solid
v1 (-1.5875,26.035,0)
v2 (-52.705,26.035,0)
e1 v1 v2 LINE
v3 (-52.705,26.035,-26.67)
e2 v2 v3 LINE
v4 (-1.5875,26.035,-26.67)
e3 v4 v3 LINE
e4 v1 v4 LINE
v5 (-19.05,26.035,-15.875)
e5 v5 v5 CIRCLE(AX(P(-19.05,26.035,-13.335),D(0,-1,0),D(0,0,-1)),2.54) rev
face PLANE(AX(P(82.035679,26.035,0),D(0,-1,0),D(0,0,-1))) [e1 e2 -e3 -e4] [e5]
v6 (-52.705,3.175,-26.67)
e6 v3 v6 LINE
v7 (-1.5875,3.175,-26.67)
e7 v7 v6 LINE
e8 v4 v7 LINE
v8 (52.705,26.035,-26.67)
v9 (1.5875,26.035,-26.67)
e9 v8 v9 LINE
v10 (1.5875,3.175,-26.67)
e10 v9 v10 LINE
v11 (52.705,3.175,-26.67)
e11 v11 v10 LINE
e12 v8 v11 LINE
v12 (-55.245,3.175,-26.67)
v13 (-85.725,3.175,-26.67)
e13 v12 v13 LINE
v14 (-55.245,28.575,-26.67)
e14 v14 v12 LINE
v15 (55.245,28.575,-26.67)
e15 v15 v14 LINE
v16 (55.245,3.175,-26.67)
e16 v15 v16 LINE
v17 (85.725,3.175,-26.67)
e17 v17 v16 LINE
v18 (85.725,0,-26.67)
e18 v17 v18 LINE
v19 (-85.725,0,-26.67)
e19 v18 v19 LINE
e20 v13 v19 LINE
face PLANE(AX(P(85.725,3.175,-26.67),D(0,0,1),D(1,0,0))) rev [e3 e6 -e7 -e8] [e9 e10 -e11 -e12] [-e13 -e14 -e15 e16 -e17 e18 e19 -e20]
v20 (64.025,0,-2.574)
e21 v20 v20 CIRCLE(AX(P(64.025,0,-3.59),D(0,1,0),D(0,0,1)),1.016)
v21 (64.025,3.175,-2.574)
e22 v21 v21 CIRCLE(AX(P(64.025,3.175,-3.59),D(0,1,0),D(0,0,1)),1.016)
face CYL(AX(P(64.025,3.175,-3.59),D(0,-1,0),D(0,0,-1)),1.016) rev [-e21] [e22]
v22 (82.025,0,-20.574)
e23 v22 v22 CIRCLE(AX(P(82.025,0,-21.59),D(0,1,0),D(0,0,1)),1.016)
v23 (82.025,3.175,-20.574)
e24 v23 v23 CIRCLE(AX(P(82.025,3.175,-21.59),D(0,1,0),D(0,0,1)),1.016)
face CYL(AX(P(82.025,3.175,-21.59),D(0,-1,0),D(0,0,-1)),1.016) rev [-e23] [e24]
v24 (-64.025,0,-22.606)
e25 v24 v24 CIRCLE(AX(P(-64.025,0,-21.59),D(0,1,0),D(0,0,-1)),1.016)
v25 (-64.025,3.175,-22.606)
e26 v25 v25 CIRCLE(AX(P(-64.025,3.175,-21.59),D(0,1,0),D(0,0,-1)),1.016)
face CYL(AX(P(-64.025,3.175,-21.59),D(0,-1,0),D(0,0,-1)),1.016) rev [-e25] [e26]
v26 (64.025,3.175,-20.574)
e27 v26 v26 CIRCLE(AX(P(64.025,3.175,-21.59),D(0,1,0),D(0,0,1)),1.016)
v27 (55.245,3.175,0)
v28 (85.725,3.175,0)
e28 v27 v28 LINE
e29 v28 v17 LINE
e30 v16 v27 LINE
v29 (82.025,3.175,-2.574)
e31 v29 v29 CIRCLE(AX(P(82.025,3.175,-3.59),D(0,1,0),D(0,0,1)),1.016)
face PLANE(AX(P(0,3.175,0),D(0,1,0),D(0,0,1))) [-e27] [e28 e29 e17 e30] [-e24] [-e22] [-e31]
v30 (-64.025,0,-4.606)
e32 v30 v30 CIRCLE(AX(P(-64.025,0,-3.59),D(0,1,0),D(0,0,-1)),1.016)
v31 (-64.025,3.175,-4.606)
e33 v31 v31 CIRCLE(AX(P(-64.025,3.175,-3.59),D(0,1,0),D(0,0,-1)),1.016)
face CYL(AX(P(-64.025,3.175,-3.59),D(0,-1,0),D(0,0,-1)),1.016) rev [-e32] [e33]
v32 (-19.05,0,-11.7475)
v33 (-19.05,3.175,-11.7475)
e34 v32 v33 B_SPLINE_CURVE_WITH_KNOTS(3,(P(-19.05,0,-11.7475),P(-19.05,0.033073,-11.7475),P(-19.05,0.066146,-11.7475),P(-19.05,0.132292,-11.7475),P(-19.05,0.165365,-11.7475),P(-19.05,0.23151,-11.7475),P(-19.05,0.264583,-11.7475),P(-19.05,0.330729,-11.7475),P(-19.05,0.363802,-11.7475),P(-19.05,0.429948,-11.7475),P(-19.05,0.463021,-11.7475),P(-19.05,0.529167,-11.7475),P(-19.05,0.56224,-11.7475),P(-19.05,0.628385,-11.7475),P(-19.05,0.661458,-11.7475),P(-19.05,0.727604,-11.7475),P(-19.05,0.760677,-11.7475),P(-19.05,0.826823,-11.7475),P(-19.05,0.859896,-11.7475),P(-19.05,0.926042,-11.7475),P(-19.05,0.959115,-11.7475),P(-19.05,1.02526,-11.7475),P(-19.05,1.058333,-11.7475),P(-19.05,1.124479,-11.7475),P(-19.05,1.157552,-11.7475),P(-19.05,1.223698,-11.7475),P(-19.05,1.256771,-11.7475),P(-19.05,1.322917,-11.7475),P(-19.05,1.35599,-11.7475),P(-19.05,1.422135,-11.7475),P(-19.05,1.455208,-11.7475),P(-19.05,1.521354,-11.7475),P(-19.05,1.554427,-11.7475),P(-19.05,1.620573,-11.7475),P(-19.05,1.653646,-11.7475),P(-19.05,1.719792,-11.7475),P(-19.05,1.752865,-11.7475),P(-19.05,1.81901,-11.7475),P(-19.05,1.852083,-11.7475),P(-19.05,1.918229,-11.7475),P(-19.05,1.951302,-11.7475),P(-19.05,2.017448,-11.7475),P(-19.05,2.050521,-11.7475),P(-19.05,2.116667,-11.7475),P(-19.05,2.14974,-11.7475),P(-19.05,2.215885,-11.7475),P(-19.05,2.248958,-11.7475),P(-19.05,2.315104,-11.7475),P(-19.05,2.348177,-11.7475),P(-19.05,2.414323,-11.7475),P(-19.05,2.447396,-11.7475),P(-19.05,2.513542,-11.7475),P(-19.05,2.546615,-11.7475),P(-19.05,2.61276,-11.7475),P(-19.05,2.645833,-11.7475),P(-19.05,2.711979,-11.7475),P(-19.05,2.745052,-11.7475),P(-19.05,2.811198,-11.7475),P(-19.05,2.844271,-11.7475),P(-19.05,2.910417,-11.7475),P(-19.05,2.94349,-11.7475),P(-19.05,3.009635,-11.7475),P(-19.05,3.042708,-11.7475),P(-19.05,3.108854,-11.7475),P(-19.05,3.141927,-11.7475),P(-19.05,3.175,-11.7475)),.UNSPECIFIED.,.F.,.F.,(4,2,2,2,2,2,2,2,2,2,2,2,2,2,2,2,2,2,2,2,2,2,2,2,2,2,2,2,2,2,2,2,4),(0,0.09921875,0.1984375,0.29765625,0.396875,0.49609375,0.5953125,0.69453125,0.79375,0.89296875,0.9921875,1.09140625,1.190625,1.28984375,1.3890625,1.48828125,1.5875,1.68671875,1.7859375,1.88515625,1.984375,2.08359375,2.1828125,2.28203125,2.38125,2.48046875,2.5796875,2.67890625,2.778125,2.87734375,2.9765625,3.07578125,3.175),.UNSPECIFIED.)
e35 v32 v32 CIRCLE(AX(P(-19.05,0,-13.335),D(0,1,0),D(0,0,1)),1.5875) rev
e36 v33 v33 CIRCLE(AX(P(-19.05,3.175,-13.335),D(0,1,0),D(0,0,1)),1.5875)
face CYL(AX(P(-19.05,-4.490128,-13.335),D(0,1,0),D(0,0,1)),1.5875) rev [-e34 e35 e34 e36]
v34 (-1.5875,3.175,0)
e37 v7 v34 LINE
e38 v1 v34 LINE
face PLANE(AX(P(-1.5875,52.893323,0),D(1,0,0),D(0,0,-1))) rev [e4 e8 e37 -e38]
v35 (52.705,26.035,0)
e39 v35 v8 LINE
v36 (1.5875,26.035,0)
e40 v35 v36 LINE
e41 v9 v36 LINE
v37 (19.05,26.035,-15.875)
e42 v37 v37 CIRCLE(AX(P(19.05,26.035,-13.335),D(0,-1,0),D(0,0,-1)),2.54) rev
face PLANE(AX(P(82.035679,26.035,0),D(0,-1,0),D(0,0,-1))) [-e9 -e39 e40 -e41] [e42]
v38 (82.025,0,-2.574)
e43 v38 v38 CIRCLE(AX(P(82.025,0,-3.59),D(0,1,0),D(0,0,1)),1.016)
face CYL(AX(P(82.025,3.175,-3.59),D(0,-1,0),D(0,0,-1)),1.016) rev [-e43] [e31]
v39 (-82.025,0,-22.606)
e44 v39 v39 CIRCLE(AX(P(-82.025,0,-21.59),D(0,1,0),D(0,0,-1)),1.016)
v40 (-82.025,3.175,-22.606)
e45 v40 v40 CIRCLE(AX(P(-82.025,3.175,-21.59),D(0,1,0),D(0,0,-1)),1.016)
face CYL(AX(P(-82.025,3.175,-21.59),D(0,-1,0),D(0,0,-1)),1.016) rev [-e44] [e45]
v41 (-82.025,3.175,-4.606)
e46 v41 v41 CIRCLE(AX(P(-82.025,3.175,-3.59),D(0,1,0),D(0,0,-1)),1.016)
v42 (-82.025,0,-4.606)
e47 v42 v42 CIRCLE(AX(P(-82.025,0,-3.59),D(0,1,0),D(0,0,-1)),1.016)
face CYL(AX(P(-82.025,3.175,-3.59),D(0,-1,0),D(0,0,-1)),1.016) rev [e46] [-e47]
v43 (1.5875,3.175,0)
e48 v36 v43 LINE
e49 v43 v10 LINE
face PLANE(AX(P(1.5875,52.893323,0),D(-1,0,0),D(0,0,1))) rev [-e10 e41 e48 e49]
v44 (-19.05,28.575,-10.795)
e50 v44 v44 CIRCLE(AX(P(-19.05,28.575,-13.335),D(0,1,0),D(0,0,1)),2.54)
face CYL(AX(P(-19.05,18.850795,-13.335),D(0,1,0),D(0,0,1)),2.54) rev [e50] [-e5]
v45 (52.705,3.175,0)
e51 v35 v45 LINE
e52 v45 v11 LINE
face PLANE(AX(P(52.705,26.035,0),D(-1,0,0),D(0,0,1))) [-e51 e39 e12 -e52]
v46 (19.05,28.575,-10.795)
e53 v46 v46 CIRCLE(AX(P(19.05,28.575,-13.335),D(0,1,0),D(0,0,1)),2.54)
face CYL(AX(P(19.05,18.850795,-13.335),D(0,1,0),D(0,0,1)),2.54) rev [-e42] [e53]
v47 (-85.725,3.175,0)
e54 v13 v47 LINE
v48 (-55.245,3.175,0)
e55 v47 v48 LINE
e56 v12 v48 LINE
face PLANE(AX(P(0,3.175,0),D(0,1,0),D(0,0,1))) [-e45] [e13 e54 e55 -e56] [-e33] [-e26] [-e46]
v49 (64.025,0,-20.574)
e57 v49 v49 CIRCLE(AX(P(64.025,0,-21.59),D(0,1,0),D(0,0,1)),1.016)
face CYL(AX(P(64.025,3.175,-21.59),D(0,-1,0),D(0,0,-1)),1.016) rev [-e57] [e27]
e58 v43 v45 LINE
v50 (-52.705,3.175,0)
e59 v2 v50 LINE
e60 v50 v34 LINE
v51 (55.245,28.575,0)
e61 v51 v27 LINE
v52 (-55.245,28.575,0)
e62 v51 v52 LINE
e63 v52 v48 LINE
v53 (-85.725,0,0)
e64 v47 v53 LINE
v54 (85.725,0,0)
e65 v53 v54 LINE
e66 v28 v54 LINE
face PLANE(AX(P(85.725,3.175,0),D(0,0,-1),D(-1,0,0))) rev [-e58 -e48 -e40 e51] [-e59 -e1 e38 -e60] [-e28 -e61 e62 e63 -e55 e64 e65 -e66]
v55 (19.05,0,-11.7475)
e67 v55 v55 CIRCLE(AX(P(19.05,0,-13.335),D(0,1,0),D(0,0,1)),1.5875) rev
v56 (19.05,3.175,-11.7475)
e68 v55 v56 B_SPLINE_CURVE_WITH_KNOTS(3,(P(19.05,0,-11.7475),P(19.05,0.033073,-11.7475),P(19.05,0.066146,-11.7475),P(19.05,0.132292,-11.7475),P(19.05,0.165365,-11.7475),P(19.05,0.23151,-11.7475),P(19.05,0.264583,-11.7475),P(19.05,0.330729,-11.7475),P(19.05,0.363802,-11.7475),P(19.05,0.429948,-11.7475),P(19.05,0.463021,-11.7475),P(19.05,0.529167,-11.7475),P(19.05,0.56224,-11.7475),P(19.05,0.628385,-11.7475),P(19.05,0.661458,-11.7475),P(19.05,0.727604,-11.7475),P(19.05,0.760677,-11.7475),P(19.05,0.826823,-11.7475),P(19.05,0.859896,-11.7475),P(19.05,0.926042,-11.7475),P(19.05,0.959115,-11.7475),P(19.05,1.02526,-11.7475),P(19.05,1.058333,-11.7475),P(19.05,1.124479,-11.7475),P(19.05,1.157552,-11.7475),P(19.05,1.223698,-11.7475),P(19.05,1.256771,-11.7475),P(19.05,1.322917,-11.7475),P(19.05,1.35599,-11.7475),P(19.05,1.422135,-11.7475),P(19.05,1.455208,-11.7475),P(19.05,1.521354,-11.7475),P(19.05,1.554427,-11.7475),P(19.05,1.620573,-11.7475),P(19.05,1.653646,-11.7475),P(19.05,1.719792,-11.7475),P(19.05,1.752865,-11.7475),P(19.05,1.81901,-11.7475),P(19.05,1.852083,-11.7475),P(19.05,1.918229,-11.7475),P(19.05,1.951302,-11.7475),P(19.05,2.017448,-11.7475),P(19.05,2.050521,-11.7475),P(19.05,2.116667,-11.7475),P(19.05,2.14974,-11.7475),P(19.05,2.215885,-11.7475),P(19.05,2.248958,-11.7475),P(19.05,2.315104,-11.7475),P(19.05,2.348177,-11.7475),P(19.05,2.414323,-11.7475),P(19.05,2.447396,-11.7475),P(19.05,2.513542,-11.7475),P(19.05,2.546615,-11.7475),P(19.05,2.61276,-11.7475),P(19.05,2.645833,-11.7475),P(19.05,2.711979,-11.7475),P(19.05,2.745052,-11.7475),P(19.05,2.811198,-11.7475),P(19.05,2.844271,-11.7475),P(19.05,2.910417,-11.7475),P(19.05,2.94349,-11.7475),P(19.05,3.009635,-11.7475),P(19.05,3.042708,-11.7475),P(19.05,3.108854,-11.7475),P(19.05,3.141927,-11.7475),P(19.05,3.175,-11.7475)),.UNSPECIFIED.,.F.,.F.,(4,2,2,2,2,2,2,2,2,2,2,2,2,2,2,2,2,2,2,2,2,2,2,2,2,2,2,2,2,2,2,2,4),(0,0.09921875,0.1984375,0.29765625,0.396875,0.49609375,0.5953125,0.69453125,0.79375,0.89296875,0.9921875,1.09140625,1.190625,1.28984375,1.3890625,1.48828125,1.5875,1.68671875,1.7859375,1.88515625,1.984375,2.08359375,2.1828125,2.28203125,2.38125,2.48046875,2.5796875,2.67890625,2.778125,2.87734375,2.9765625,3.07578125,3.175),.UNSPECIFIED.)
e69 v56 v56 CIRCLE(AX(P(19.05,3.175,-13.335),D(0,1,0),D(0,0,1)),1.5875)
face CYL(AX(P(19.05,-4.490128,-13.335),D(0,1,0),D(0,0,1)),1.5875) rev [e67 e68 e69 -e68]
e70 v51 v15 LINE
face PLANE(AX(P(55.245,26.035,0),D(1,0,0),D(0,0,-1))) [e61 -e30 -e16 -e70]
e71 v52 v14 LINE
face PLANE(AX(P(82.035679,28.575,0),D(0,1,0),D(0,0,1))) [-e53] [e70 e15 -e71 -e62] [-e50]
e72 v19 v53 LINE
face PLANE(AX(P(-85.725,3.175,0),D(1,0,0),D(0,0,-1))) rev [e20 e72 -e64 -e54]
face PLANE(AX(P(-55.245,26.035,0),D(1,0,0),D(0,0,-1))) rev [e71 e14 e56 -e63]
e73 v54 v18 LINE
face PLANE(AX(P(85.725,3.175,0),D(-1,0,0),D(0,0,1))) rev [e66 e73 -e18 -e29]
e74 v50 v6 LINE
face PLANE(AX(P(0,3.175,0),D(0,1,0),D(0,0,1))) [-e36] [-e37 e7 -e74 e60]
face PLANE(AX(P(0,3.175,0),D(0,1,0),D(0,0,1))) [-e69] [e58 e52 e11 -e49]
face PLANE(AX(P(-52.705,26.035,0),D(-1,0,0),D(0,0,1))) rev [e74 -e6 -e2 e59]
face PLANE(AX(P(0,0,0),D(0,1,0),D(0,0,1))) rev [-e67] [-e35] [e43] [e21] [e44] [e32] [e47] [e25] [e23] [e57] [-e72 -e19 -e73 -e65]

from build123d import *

# Parameters (mm, degrees)
SKETCH1_W           = 171.45
SKETCH1_H           = 26.67
SKETCH1_R           = 1.016
BOSS_EXTRUDE1_DEPTH = 3.175
SKETCH2_W           = 2.54
SKETCH2_H           = 26.67
BOSS_EXTRUDE2_DEPTH = 22.86
SKETCH3_W           = 26.67
SKETCH3_H           = 2.54
BOSS_EXTRUDE3_DEPTH = 110.49
SKETCH4_R           = 1.5875
CUT_EXTRUDE1_DEPTH  = 3.175
SKETCH5_R           = 2.54
CUT_EXTRUDE2_DEPTH  = 2.54
SKETCH6_W           = 3.175
SKETCH6_H           = 26.67
BOSS_EXTRUDE4_DEPTH = 22.86


with BuildPart() as part:
    # Sketch1 → Boss-Extrude1 (new body)
    with BuildSketch(Plane(origin=(0, 0, 0), x_dir=(1, 0, 0), z_dir=(0, 1, 0))):
        with Locations((0, 13.335)):
            Rectangle(SKETCH1_W, SKETCH1_H)
        with Locations(Location((64.025, 21.59, 0), (0, 0, 270))):
            Circle(SKETCH1_R, mode=Mode.SUBTRACT)
        with Locations(Location((82.025, 21.59, 0), (0, 0, 270))):
            Circle(SKETCH1_R, mode=Mode.SUBTRACT)
        with Locations(Location((64.025, 3.59, 0), (0, 0, 270))):
            Circle(SKETCH1_R, mode=Mode.SUBTRACT)
        with Locations(Location((82.025, 3.59, 0), (0, 0, 270))):
            Circle(SKETCH1_R, mode=Mode.SUBTRACT)
        with Locations(Location((-82.025, 3.59, 0), (0, 0, 90))):
            Circle(SKETCH1_R, mode=Mode.SUBTRACT)
        with Locations(Location((-64.025, 3.59, 0), (0, 0, 90))):
            Circle(SKETCH1_R, mode=Mode.SUBTRACT)
        with Locations(Location((-82.025, 21.59, 0), (0, 0, 90))):
            Circle(SKETCH1_R, mode=Mode.SUBTRACT)
        with Locations(Location((-64.025, 21.59, 0), (0, 0, 90))):
            Circle(SKETCH1_R, mode=Mode.SUBTRACT)
    extrude(amount=BOSS_EXTRUDE1_DEPTH)

    # Sketch2 → Boss-Extrude2 (add)
    with BuildSketch(Plane(origin=(0, 3.175, 0), x_dir=(1, 0, 0), z_dir=(0, 1, 0))):
        with Locations((-53.975, 13.335)):
            Rectangle(SKETCH2_W, SKETCH2_H)
    boss_extrude2 = extrude(amount=BOSS_EXTRUDE2_DEPTH)

    # Mirror1: Boss-Extrude2 across plane
    add(boss_extrude2.mirror(Plane(origin=(0, 0, 0), x_dir=(0, 0, 1), z_dir=(1, 0, 0))))

    # Sketch3 → Boss-Extrude3 (add)
    with BuildSketch(Plane.ZY.offset(55.245)):
        with Locations((-13.335, 27.305)):
            Rectangle(SKETCH3_W, SKETCH3_H)
    extrude(amount=-BOSS_EXTRUDE3_DEPTH)

    # Sketch4 → Cut-Extrude1 (cut)
    with BuildSketch(Plane(origin=(0, 3.175, 0), x_dir=(1, 0, 0), z_dir=(0, 1, 0))):
        with Locations(Location((-19.05, 13.335, 0), (0, 0, 270))):
            Circle(SKETCH4_R)
        with Locations(Location((19.05, 13.335, 0), (0, 0, 270))):
            Circle(SKETCH4_R)
    extrude(amount=-CUT_EXTRUDE1_DEPTH, mode=Mode.SUBTRACT)

    # Sketch5 → Cut-Extrude2 (cut)
    with BuildSketch(Plane(origin=(0, 28.575, 0), x_dir=(1, 0, 0), z_dir=(0, 1, 0))):
        with Locations(Location((-19.05, 13.335, 0), (0, 0, 270))):
            Circle(SKETCH5_R)
        with Locations(Location((19.05, 13.335, 0), (0, 0, 270))):
            Circle(SKETCH5_R)
    extrude(amount=-CUT_EXTRUDE2_DEPTH, mode=Mode.SUBTRACT)

    # Sketch6 → Boss-Extrude4 (add)
    with BuildSketch(Plane(origin=(0, 3.175, 0), x_dir=(1, 0, 0), z_dir=(0, 1, 0))):
        with Locations((0, 13.335)):
            Rectangle(SKETCH6_W, SKETCH6_H)
    extrude(amount=BOSS_EXTRUDE4_DEPTH)


solid = part.part
